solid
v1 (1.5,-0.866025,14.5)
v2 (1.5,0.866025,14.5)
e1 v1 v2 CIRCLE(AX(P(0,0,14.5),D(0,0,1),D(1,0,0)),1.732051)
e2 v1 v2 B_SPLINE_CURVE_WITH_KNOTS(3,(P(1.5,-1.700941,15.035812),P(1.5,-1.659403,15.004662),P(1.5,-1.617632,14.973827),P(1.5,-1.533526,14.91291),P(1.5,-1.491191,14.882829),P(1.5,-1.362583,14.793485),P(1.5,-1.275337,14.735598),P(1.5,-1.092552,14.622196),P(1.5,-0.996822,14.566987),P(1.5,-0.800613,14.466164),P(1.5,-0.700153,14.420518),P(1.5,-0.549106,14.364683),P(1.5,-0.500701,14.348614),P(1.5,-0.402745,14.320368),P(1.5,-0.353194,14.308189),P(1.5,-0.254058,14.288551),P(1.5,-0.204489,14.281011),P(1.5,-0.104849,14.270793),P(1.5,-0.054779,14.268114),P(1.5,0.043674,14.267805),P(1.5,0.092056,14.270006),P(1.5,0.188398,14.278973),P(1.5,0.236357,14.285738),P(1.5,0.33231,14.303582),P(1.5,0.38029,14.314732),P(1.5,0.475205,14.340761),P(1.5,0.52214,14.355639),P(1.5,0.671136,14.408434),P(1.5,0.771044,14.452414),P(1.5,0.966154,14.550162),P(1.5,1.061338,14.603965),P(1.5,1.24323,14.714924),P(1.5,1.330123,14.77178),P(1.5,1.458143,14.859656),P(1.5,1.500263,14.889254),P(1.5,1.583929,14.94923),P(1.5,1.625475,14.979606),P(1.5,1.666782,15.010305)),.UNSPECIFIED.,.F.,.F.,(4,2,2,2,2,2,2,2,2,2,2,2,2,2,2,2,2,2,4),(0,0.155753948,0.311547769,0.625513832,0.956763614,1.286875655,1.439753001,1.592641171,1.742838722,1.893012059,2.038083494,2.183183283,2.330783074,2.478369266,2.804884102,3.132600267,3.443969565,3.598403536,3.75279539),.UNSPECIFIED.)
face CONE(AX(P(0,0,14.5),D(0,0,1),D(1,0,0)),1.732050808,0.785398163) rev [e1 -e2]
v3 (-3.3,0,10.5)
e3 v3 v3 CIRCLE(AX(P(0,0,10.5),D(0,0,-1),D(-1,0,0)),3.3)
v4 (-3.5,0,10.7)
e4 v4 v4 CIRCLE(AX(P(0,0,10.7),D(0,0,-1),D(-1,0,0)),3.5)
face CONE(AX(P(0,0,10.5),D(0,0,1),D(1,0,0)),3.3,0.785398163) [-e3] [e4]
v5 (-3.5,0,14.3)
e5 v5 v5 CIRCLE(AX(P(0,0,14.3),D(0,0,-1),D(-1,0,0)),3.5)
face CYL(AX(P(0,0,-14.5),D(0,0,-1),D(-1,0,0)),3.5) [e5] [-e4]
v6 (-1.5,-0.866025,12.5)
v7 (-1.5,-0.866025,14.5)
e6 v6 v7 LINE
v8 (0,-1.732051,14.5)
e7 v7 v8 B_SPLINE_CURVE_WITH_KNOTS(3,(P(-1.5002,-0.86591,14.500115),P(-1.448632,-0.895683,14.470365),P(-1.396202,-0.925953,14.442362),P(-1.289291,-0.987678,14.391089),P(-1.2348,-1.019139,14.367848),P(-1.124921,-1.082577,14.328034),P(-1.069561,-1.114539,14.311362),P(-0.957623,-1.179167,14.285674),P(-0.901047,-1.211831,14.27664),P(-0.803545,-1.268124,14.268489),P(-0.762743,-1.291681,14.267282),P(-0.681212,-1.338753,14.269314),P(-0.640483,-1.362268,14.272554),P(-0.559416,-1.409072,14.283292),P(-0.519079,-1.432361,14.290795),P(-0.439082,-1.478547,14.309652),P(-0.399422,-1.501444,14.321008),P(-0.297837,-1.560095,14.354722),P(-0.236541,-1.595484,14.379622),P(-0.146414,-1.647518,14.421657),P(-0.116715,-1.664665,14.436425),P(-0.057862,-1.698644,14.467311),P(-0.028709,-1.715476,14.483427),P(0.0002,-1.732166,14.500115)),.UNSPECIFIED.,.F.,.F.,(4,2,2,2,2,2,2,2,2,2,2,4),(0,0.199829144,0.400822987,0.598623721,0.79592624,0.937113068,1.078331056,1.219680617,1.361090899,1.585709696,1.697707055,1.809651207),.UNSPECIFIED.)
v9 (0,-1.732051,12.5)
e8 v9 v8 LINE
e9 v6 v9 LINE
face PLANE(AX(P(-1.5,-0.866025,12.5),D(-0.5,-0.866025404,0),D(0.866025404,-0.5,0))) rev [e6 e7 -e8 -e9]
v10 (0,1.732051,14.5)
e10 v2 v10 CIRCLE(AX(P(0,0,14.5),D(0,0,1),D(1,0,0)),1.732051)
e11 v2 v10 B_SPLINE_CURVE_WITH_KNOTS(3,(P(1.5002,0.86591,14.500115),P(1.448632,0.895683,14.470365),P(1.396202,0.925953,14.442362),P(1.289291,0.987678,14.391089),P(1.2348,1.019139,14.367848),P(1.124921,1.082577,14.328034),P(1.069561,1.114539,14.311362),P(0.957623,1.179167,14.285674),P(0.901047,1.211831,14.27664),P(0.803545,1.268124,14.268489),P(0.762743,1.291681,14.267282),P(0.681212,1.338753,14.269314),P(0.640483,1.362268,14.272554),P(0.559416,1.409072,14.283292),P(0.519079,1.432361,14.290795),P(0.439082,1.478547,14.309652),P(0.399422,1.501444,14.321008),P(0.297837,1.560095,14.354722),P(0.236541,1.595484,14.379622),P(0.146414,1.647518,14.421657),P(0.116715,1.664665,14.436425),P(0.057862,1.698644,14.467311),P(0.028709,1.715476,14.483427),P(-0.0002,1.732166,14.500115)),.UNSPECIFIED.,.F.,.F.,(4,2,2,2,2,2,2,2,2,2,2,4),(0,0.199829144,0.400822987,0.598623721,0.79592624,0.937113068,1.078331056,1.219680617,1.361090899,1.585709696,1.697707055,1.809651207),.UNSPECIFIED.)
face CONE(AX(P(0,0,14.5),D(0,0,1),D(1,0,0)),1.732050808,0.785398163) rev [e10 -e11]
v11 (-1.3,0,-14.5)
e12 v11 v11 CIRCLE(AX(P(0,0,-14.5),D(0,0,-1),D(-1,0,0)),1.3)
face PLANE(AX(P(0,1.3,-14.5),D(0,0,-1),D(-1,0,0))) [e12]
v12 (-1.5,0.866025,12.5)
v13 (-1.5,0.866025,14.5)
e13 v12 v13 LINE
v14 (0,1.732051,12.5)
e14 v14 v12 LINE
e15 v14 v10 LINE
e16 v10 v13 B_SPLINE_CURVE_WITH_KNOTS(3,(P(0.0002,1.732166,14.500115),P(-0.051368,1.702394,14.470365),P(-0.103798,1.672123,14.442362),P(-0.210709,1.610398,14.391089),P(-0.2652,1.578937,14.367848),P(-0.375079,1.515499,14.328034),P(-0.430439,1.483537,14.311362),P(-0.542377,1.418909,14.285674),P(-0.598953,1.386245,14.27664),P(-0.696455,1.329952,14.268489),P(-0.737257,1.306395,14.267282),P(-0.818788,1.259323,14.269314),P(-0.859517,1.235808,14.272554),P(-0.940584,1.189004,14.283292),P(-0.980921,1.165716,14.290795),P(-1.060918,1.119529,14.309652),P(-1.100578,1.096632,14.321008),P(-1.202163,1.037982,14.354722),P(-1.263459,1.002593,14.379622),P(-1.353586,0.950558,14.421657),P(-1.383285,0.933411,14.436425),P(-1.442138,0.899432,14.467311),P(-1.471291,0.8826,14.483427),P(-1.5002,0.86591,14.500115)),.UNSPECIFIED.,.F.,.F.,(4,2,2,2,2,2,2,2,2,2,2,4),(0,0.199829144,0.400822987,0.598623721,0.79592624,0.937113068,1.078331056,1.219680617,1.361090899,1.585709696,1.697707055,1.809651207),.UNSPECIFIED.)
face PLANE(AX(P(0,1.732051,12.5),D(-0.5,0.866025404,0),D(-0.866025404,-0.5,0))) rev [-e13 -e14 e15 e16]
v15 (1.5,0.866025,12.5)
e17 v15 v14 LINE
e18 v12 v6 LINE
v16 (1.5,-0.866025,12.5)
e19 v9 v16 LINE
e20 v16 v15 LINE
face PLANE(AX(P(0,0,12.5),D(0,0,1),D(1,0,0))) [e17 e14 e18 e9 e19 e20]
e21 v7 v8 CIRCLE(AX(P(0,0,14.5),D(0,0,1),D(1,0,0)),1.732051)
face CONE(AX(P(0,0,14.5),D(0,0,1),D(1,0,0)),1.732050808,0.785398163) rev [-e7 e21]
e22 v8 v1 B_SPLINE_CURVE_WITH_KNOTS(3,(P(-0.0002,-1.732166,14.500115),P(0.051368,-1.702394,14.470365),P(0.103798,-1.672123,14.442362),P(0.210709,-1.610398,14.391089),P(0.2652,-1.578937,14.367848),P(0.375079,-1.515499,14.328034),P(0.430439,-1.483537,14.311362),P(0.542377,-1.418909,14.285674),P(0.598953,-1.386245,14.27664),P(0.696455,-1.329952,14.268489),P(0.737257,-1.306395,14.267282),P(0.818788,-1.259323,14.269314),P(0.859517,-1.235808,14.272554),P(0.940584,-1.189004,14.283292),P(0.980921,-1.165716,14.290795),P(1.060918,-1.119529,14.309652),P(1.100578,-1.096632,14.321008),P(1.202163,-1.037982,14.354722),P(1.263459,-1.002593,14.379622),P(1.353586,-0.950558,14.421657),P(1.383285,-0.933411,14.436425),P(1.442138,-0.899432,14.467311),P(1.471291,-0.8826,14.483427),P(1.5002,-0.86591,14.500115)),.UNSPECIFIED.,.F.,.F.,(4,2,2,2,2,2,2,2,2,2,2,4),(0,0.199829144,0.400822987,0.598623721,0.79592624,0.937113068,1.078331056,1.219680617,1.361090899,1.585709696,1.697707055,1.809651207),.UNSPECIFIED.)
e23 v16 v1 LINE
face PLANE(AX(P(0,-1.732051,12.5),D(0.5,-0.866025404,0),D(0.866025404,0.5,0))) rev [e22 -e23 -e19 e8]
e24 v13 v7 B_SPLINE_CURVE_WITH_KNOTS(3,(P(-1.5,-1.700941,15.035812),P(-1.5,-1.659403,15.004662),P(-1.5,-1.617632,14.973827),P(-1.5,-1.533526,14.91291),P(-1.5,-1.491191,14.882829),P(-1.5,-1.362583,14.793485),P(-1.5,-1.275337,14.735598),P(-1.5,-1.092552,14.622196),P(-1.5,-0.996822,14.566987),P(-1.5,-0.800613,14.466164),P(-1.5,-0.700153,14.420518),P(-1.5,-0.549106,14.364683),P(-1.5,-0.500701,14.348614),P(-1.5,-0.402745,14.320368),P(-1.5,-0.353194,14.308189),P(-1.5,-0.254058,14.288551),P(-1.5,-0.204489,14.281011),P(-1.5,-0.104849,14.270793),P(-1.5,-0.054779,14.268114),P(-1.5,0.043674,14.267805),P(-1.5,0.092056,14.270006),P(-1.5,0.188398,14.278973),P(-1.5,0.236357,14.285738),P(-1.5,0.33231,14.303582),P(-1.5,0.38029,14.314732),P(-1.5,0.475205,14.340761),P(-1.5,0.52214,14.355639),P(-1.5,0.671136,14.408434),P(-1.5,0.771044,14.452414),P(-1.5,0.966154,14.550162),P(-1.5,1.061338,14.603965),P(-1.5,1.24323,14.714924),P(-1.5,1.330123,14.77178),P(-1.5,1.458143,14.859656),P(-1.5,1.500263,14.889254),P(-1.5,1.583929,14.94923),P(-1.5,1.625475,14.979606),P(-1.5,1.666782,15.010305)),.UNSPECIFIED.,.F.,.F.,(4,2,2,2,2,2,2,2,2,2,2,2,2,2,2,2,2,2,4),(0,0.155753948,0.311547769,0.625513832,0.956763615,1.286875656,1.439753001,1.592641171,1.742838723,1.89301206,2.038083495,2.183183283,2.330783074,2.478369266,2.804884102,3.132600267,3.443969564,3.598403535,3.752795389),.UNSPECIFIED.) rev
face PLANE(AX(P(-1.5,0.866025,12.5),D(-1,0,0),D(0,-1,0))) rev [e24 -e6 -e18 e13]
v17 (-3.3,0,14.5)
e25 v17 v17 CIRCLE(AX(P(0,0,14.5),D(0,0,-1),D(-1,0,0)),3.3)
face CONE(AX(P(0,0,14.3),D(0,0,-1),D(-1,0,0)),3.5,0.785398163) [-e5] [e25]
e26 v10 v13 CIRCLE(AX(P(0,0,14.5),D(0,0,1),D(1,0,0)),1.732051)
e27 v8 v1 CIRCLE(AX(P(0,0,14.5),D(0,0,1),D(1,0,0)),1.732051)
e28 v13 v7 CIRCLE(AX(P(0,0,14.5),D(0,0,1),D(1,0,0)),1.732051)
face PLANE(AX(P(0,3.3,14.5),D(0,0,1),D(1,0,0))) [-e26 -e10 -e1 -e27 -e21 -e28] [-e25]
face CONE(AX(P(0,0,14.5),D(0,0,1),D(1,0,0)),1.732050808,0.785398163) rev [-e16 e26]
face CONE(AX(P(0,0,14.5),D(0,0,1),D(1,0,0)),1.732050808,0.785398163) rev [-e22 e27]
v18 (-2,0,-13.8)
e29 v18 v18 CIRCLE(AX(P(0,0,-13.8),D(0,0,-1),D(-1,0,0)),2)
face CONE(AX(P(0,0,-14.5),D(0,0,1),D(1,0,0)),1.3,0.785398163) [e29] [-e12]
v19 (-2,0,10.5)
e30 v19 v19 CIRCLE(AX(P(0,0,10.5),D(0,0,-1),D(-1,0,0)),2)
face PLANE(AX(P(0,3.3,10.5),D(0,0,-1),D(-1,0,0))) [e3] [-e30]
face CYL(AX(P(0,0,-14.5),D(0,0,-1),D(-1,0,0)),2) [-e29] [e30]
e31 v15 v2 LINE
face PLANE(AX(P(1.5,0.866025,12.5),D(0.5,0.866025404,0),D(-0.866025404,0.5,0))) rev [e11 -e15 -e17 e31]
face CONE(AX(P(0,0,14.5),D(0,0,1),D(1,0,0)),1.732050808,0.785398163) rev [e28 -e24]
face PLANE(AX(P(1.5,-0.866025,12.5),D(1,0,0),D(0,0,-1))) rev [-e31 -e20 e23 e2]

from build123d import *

# Parameters (mm, degrees)
CUT_EXTRUDE1_START = -2
CUT_EXTRUDE1_DEPTH = 2
SKETCH4_R          = 1.732050808
CUT_EXTRUDE2_DEPTH = 0.5
CUT_EXTRUDE2_DRAFT = -45


with BuildPart() as part:
    # Sketch2 → Revolve1 (revolve)
    with BuildSketch(Plane(origin=(0, 0, 0), x_dir=(0, 0, -1), z_dir=(1, 0, 0)), mode=Mode.PRIVATE) as revolve1_sk:
        Polygon((-14.3, 3.5), (-10.7, 3.5), (-10.5, 3.3), (-10.5, 2), (13.8, 2), (14.5, 1.3), (14.5, 0), (-14.5, 0), (-14.5, 3.3), align=None)
    revolve(revolve1_sk.sketch.rotate(Axis((0, 0, -14.5), (0, 0, 1)), 90), axis=Axis((0, 0, -14.5), (0, 0, 1)))

    # Sketch3 → Cut-Extrude1 (cut)
    with BuildSketch(Plane.XY.offset(14.5).offset(CUT_EXTRUDE1_START)):
        Polygon((0, 1.732050808), (-1.5, 0.866025404), (-1.5, -0.866025404), (0, -1.732050808), (1.5, -0.866025404), (1.5, 0.866025404), align=None)
    extrude(amount=CUT_EXTRUDE1_DEPTH, mode=Mode.SUBTRACT)


with BuildPart() as cut_extrude2_tool:
    # Sketch4 → Cut-Extrude2 (with draft: the straight prism first)
    with BuildSketch(Plane.XY.offset(14.5)):
        Circle(SKETCH4_R)
    extrude(amount=-CUT_EXTRUDE2_DEPTH)
    # Cut-Extrude2: the draft: its side faces are tilted about the plane it starts from
    cut_extrude2_sides = [cut_extrude2_tool.faces().sort_by_distance(p)[0] for p in [
        (-1.732050808, 0, 14.25),
    ]]
    draft(cut_extrude2_sides, Plane.XY.offset(14.5), CUT_EXTRUDE2_DRAFT)


with BuildPart() as part_1:
    add(part.part)

    # Cut-Extrude2: cut by cut_extrude2_tool
    add(cut_extrude2_tool.part, mode=Mode.SUBTRACT)


solid = part_1.part
